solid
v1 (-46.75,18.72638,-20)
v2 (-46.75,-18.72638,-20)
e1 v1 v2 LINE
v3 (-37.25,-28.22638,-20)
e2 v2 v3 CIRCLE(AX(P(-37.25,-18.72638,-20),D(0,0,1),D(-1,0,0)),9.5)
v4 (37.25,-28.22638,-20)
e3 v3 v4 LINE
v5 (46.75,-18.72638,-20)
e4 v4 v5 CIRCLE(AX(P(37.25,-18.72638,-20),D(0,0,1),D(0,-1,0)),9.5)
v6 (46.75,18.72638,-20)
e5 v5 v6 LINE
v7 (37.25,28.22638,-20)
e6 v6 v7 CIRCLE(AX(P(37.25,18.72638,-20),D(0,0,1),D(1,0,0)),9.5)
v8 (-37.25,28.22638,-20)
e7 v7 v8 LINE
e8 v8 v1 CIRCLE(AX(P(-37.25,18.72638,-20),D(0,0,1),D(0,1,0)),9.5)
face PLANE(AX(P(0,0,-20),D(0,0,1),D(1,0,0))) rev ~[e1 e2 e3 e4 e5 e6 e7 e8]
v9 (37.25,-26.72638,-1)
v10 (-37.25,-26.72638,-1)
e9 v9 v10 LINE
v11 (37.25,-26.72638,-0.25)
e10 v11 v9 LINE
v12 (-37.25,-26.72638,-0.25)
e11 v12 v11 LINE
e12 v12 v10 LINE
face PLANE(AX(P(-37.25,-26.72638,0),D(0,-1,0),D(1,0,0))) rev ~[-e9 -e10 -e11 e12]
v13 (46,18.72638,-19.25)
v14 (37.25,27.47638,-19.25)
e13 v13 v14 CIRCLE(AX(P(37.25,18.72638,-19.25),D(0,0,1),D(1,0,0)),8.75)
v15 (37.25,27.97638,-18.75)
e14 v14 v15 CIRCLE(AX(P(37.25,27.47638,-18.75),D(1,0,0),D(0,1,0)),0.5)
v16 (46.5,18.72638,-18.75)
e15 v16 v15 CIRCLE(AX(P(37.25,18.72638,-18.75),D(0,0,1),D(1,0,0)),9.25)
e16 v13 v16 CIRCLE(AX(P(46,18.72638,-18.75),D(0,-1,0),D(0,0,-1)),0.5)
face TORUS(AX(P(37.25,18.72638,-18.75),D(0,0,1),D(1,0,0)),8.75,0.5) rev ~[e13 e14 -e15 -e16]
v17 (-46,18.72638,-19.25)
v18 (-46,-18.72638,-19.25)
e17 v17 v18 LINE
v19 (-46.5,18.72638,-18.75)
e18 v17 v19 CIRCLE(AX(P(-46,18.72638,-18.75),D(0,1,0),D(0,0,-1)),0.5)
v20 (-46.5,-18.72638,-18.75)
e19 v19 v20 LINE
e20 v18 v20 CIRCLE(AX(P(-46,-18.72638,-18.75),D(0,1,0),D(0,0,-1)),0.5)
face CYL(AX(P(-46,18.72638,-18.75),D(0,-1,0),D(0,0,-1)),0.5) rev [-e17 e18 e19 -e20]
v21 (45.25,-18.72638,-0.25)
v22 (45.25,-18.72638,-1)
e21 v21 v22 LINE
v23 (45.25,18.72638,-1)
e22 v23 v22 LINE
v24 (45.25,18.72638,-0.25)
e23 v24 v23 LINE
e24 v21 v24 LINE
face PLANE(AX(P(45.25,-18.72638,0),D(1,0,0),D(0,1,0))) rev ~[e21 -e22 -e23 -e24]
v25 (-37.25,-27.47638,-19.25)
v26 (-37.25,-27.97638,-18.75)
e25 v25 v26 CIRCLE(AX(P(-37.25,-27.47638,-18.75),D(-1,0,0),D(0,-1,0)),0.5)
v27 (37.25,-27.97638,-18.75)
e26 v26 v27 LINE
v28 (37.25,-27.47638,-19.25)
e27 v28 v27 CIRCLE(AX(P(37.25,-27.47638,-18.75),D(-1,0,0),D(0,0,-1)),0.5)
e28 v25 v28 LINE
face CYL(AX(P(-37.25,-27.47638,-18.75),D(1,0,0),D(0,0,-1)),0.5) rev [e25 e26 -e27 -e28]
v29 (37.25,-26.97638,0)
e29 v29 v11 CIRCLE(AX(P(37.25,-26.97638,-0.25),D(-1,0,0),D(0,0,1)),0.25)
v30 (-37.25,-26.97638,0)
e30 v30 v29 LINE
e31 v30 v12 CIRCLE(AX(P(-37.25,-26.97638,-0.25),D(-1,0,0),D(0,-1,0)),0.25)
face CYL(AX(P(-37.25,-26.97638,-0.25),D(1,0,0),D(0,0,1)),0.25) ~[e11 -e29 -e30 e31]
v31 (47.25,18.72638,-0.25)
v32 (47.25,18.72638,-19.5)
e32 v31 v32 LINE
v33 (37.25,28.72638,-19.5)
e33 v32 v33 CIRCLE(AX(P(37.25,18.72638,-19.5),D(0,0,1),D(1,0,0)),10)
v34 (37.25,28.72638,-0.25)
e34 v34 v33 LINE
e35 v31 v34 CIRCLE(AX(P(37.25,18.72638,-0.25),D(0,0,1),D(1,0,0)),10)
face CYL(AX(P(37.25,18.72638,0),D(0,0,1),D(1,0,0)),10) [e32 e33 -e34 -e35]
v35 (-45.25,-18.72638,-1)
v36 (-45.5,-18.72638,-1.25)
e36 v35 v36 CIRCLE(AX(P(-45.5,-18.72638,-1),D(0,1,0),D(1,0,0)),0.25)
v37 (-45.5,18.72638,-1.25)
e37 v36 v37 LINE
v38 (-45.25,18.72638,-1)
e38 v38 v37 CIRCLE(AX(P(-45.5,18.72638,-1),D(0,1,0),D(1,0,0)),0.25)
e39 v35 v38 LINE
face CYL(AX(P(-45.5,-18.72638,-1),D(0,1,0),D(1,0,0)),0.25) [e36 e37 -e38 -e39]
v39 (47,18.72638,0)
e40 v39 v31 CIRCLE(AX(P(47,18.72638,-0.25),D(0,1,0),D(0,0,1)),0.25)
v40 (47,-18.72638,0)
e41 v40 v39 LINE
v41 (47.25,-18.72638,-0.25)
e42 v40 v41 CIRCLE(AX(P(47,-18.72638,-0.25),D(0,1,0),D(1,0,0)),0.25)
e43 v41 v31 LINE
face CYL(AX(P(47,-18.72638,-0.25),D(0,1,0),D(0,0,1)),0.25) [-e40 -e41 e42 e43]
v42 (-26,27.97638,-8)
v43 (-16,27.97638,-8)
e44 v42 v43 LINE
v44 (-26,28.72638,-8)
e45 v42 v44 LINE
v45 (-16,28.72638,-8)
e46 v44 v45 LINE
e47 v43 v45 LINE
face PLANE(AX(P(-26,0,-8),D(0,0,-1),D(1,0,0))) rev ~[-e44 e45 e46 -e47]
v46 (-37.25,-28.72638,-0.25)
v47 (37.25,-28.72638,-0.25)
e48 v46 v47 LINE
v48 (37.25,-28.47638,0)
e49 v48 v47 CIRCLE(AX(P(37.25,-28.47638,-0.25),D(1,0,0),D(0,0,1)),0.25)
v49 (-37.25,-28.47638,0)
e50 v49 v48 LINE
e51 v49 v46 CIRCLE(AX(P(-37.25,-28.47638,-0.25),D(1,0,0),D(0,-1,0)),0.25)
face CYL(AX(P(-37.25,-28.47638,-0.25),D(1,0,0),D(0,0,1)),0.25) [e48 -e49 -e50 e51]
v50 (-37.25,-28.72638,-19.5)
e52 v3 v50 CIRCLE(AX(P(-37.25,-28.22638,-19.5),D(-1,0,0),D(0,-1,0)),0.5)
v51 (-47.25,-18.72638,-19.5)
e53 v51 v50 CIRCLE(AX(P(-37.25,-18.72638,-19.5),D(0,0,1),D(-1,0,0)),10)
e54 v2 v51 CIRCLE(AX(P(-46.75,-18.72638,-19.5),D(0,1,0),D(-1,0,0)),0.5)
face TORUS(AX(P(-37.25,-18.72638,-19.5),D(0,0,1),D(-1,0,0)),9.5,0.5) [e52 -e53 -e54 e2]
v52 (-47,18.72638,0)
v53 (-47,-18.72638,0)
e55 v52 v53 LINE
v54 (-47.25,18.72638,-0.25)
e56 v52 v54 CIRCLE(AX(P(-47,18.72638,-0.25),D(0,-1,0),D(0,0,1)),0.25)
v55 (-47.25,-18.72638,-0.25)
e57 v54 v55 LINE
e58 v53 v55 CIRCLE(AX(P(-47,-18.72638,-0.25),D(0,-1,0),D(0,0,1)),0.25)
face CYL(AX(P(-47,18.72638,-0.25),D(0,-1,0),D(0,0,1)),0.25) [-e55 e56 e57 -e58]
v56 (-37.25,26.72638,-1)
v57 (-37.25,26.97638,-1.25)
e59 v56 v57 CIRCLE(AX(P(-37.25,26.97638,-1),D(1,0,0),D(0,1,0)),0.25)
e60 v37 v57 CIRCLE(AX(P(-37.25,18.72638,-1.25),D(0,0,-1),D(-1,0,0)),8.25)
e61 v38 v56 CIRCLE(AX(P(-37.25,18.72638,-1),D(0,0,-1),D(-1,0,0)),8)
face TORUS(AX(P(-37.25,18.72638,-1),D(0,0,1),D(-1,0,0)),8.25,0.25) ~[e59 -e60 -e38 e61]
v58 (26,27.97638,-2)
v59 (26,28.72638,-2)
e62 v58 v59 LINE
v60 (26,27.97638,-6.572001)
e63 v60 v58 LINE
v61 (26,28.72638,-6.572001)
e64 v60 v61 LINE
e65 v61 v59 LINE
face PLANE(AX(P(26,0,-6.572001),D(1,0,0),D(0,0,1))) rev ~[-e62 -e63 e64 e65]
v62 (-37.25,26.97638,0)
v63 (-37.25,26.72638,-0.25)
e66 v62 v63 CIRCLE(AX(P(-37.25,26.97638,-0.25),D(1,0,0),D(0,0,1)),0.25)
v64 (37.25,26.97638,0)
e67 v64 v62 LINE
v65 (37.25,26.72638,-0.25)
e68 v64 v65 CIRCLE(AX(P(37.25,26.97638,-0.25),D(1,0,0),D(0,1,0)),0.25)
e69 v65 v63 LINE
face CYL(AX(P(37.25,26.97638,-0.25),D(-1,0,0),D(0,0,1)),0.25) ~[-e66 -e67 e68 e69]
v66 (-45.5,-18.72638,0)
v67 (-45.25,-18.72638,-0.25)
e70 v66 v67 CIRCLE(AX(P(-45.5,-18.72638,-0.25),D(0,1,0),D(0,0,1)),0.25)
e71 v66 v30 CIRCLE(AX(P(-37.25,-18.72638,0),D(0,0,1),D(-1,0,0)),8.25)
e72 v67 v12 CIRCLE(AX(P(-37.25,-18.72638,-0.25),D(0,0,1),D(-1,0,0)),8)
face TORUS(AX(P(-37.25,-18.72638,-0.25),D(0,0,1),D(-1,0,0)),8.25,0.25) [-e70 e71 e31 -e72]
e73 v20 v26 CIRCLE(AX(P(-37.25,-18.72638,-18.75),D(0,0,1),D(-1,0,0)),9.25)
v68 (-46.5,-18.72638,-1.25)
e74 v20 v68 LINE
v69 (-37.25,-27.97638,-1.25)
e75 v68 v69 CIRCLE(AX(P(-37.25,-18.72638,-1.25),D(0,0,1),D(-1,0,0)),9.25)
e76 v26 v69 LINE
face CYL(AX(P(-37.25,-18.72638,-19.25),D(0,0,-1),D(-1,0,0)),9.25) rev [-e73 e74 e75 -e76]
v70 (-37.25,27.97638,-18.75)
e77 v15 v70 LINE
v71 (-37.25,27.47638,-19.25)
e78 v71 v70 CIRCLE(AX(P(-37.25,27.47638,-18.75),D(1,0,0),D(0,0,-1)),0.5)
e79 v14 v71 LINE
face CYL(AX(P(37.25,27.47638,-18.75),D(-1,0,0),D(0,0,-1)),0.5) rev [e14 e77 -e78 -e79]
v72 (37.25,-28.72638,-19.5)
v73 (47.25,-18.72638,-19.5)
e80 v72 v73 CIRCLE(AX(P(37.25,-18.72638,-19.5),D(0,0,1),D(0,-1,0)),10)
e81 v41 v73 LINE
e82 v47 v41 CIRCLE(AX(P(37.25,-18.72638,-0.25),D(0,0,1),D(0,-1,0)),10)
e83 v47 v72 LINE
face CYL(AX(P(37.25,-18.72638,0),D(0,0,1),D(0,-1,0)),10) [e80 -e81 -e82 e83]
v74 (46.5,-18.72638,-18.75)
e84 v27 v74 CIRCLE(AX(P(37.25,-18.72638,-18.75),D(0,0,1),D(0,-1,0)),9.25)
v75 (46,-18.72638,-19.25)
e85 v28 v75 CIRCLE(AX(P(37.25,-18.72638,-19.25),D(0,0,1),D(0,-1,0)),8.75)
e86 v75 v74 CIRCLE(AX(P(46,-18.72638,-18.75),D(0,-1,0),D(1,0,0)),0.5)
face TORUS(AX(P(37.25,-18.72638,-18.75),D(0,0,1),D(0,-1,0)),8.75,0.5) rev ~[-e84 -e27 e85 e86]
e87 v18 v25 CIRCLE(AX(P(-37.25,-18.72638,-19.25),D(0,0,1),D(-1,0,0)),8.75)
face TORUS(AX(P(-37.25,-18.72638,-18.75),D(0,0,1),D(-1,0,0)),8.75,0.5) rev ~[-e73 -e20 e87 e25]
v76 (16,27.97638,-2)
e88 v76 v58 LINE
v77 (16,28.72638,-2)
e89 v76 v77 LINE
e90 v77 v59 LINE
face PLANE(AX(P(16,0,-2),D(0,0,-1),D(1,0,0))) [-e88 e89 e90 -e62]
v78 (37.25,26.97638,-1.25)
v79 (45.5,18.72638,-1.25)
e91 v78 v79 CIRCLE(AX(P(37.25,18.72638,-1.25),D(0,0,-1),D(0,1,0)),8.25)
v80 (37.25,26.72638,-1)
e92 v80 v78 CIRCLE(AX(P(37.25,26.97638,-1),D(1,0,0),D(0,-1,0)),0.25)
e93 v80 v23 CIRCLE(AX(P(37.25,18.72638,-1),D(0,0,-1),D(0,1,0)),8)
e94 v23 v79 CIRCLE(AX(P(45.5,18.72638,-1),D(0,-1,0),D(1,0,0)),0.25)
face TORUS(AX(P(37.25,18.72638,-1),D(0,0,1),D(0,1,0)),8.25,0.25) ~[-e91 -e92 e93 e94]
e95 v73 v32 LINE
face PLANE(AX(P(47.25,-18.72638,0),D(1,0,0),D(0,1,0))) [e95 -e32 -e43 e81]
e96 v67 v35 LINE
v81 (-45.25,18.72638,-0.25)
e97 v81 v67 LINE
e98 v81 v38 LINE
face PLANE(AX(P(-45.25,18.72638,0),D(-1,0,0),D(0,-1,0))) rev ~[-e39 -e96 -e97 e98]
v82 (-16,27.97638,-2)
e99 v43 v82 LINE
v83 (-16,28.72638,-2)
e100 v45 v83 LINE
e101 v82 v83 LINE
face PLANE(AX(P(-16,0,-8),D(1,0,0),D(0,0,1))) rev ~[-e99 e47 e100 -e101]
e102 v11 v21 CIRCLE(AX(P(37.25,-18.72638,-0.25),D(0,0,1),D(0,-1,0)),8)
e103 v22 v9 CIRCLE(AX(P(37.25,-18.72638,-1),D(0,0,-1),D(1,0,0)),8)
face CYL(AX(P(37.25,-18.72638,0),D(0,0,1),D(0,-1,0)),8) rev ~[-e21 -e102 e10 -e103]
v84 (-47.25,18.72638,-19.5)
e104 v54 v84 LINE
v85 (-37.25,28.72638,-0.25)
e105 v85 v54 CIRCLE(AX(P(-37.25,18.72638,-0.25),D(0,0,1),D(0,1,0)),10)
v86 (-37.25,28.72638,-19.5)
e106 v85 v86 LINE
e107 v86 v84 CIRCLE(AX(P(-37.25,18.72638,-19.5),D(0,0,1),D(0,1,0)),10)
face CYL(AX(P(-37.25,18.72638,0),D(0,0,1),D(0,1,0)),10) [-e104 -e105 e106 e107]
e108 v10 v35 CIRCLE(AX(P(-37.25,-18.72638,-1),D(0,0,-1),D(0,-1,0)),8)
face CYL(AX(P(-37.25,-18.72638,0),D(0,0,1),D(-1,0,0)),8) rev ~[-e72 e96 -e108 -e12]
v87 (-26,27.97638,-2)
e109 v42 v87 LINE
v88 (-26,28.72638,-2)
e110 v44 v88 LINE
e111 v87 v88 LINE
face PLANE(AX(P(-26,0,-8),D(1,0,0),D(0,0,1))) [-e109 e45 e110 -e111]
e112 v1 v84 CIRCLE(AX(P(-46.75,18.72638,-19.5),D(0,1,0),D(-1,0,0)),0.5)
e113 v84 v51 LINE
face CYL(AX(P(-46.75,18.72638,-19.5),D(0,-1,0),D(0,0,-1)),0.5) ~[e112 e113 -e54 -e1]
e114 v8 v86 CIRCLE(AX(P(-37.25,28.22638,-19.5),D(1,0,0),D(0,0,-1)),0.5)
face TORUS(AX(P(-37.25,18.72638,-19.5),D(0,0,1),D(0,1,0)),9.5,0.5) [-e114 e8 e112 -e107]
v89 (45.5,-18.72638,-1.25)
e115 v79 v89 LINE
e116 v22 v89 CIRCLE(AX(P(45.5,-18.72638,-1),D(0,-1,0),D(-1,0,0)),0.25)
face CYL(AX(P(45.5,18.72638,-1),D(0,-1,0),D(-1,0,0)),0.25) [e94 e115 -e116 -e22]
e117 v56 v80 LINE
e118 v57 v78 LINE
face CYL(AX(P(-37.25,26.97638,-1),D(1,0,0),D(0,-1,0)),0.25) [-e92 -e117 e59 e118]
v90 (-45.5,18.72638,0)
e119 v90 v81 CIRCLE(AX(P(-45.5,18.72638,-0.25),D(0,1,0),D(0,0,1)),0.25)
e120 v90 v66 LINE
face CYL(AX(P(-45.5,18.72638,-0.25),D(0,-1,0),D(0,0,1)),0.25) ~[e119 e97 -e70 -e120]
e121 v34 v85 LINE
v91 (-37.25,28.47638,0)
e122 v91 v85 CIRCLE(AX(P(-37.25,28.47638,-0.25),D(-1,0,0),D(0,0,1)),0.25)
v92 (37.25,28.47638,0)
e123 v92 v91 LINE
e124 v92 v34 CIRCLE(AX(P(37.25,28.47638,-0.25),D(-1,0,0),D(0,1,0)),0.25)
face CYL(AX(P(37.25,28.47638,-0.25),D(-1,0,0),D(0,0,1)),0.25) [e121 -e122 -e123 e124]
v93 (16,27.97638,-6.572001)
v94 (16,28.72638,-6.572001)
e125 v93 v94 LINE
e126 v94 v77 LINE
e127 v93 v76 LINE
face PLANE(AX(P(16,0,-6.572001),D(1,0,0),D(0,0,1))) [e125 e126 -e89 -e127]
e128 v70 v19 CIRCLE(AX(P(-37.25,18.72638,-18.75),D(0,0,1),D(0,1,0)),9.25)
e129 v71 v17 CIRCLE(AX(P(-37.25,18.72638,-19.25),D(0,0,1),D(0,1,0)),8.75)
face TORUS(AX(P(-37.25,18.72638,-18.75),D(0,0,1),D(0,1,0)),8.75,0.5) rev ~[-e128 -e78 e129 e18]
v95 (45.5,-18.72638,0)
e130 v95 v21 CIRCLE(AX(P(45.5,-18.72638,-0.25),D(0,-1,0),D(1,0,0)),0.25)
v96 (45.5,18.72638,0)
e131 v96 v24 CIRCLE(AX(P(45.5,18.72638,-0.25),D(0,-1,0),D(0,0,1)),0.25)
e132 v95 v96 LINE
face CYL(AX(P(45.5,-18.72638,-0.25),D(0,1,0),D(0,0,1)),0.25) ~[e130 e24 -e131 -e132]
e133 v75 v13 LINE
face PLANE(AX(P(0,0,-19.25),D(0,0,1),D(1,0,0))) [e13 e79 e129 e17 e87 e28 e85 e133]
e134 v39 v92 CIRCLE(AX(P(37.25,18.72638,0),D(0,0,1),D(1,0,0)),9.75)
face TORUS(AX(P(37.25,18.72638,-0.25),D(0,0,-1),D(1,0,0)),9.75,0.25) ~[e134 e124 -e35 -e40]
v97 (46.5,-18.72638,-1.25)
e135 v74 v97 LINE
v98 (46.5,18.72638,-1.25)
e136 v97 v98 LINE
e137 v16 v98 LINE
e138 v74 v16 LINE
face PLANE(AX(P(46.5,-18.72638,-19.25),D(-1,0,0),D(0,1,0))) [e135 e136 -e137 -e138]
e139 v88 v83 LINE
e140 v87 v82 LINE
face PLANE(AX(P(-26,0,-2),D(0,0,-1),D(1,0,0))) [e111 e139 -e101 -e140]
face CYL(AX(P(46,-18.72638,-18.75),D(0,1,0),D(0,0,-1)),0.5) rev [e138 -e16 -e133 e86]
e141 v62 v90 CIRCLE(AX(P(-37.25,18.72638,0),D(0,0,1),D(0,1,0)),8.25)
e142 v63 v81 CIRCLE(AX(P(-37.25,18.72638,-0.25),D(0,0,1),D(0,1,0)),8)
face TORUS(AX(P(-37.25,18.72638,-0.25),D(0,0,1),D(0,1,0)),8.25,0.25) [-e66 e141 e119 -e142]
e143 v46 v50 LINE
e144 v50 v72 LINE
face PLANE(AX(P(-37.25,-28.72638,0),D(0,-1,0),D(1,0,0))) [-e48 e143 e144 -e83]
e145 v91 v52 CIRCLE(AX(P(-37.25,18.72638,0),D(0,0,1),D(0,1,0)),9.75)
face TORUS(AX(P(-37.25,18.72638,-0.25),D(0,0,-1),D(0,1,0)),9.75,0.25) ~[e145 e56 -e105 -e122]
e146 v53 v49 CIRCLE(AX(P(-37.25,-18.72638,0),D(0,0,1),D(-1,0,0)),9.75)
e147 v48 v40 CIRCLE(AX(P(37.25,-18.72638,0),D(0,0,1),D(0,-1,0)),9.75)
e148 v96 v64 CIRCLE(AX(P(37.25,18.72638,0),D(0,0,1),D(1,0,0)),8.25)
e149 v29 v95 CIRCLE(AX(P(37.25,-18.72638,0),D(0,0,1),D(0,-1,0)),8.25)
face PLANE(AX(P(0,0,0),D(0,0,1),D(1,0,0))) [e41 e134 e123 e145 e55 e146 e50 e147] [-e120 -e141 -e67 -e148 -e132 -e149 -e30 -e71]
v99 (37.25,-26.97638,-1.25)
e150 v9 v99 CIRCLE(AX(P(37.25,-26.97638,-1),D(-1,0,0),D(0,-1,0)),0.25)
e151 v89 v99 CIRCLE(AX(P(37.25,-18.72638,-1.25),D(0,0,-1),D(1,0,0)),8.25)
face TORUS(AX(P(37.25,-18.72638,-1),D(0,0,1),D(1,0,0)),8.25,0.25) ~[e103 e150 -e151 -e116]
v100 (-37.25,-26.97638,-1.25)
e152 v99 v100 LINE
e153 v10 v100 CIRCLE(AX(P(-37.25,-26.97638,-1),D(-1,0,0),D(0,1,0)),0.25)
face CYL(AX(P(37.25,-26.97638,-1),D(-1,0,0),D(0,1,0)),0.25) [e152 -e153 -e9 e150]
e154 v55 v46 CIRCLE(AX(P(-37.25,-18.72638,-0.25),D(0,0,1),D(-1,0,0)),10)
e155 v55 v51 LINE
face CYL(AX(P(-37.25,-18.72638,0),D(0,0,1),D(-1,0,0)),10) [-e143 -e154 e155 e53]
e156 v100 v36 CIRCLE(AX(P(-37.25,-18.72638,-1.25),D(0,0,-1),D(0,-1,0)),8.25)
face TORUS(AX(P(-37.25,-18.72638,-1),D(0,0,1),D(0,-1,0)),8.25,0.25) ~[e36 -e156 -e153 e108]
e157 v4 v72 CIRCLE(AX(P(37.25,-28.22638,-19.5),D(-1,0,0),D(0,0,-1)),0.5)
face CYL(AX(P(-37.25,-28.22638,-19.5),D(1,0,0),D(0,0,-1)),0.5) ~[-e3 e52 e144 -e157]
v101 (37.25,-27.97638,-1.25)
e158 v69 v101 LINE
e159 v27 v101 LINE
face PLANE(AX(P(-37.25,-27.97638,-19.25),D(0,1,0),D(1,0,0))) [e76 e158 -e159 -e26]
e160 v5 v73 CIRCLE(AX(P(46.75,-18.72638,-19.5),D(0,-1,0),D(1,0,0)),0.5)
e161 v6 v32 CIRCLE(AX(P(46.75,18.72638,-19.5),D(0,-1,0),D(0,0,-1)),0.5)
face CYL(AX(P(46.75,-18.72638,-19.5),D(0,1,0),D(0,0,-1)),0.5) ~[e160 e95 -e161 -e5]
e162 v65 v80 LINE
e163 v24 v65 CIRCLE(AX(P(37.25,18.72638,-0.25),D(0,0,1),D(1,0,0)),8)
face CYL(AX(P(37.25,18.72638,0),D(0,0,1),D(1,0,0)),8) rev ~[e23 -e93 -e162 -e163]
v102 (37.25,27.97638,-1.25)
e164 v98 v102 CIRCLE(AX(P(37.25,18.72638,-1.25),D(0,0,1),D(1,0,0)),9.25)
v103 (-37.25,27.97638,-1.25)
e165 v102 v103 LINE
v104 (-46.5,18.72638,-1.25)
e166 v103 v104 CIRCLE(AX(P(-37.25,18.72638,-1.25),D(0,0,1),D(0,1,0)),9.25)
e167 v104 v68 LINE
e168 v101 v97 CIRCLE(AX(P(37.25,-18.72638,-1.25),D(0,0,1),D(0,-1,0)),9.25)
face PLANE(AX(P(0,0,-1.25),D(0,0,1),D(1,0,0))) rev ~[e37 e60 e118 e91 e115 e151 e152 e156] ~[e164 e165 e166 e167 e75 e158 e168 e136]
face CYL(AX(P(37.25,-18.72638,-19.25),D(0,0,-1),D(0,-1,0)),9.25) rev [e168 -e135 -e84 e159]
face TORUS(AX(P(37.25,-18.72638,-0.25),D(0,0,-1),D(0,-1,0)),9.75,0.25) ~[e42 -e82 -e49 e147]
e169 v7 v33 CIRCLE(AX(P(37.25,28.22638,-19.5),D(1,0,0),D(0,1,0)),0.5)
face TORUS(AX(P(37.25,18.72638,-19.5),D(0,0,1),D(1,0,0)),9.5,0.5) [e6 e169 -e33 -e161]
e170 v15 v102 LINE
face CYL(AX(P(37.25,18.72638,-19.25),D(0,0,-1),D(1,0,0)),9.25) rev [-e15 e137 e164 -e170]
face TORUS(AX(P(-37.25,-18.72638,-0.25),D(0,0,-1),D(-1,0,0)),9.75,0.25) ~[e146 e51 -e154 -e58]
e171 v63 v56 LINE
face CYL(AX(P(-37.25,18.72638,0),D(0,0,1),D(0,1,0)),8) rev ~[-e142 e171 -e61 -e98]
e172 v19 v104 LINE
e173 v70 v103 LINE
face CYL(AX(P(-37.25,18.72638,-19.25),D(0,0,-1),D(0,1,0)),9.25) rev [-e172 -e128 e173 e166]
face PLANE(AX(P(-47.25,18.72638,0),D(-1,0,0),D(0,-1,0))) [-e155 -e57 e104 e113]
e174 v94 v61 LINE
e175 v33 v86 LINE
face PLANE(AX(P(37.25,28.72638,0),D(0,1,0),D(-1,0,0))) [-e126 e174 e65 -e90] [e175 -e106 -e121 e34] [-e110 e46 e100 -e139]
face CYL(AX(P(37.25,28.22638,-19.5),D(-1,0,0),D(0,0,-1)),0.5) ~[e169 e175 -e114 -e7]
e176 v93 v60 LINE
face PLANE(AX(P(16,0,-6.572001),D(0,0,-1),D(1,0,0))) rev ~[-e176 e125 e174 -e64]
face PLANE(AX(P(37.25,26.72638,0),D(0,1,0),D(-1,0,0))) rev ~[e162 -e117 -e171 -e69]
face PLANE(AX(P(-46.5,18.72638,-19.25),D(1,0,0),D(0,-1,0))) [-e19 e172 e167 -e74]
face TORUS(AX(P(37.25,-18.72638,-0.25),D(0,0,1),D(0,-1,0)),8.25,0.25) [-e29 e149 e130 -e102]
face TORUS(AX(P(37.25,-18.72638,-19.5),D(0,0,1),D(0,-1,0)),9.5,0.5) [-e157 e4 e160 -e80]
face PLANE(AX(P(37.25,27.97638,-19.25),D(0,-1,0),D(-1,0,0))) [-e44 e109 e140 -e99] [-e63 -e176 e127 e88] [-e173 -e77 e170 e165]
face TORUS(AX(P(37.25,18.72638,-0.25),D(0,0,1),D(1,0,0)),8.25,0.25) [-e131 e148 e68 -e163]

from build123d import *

# Parameters (mm, degrees)
F1_DEPTH = 20
F3_DEPTH = 19.25
F5_DEPTH = 18
F6_W     = 10
F6_H     = 6
F6_H_2   = 4.5720012859
F7_DEPTH = 28.7263803184
F8_R     = 0.25
F9_R     = 0.5


with BuildPart() as f1:
    # F0 (on Top) → F1 (new body)
    with BuildSketch(Plane.XY):
        with BuildLine():
            ThreePointArc((47.25, 18.7263803184), (44.3210678119, 25.7974481303), (37.25, 28.7263803184))
            Line((37.25, 28.7263803184), (-37.25, 28.7263803184))
            ThreePointArc((-37.25, 28.7263803184), (-44.3210678119, 25.7974481303), (-47.25, 18.7263803184))
            Line((-47.25, 18.7263803184), (-47.25, -18.7263803184))
            ThreePointArc((-47.25, -18.7263803184), (-44.3210678119, -25.7974481303), (-37.25, -28.7263803184))
            Line((-37.25, -28.7263803184), (37.25, -28.7263803184))
            ThreePointArc((37.25, -28.7263803184), (44.3210678119, -25.7974481303), (47.25, -18.7263803184))
            Line((47.25, -18.7263803184), (47.25, 18.7263803184))
        make_face()
    extrude(amount=-F1_DEPTH)

    # F2 (on Top) → F3 (cut)
    with BuildSketch(Plane.XY):
        with BuildLine():
            Line((-45.25, 18.7263803184), (-45.25, -18.7263803184))
            ThreePointArc((-45.25, -18.7263803184), (-42.9068542495, -24.3832345679), (-37.25, -26.7263803184))
            Line((-37.25, -26.7263803184), (37.25, -26.7263803184))
            ThreePointArc((37.25, -26.7263803184), (42.9068542495, -24.3832345679), (45.25, -18.7263803184))
            Line((45.25, -18.7263803184), (45.25, 18.7263803184))
            ThreePointArc((45.25, 18.7263803184), (42.9068542495, 24.3832345679), (37.25, 26.7263803184))
            Line((37.25, 26.7263803184), (-37.25, 26.7263803184))
            ThreePointArc((-37.25, 26.7263803184), (-42.9068542495, 24.3832345679), (-45.25, 18.7263803184))
        make_face()
    extrude(amount=-F3_DEPTH, mode=Mode.SUBTRACT)

    # F4 (on face) → F5 (cut)
    with BuildSketch(Plane.XY.offset(-19.25)):
        with BuildLine():
            ThreePointArc((46.5, 18.7263803184), (43.790737726, 25.2671180444), (37.25, 27.9763803184))
            Line((37.25, 27.9763803184), (-37.25, 27.9763803184))
            ThreePointArc((-37.25, 27.9763803184), (-43.790737726, 25.2671180444), (-46.5, 18.7263803184))
            Line((-46.5, 18.7263803184), (-46.5, -18.7263803184))
            ThreePointArc((-46.5, -18.7263803184), (-43.790737726, -25.2671180444), (-37.25, -27.9763803184))
            Line((-37.25, -27.9763803184), (37.25, -27.9763803184))
            ThreePointArc((37.25, -27.9763803184), (43.790737726, -25.2671180444), (46.5, -18.7263803184))
            Line((46.5, -18.7263803184), (46.5, 18.7263803184))
        make_face()
    extrude(amount=F5_DEPTH, mode=Mode.SUBTRACT)

    # F6 (on Front) → F7 (cut, through all)
    with BuildSketch(Plane.XZ):
        with Locations((-21, -5)):
            Rectangle(F6_W, F6_H)
        with Locations((21, -4.2860006429)):
            Rectangle(F6_W, F6_H_2)
    extrude(amount=-F7_DEPTH, mode=Mode.SUBTRACT)

    # F8
    f8_edges = [f1.edges().sort_by_distance(p)[0] for p in [
        (-45.25, 0, 0),
        (-47.25, 0, 0),
        (-44.321068, 25.797448, 0),
        (-42.906854, 24.383235, 0),
        (0, 28.72638, 0),
        (0, 26.72638, 0),
        (44.321068, 25.797448, 0),
        (42.906854, 24.383235, 0),
        (47.25, 0, 0),
        (45.25, 0, 0),
        (44.321068, -25.797448, 0),
        (42.906854, -24.383235, 0),
        (0, -28.72638, 0),
        (0, -26.72638, 0),
        (-44.321068, -25.797448, 0),
        (-42.906854, -24.383235, 0),
        (-45.25, 0, -1.25),
        (-42.906854, 24.383235, -1.25),
        (0, 26.72638, -1.25),
        (42.906854, 24.383235, -1.25),
        (45.25, 0, -1.25),
        (0, -26.72638, -1.25),
        (42.906854, -24.383235, -1.25),
        (-42.906854, -24.383235, -1.25),
    ]]
    fillet(f8_edges, radius=F8_R)

    # F9
    f9_edges = [f1.edges().sort_by_distance(p)[0] for p in [
        (-44.321068, -25.797448, -20),
        (0, -28.72638, -20),
        (-47.25, 0, -20),
        (-44.321068, 25.797448, -20),
        (0, 28.72638, -20),
        (44.321068, 25.797448, -20),
        (47.25, 0, -20),
        (44.321068, -25.797448, -20),
        (-46.5, 0, -19.25),
        (-43.790738, 25.267118, -19.25),
        (0, 27.97638, -19.25),
        (43.790738, 25.267118, -19.25),
        (46.5, 0, -19.25),
        (43.790738, -25.267118, -19.25),
        (0, -27.97638, -19.25),
        (-43.790738, -25.267118, -19.25),
    ]]
    fillet(f9_edges, radius=F9_R)


solid = f1.part
